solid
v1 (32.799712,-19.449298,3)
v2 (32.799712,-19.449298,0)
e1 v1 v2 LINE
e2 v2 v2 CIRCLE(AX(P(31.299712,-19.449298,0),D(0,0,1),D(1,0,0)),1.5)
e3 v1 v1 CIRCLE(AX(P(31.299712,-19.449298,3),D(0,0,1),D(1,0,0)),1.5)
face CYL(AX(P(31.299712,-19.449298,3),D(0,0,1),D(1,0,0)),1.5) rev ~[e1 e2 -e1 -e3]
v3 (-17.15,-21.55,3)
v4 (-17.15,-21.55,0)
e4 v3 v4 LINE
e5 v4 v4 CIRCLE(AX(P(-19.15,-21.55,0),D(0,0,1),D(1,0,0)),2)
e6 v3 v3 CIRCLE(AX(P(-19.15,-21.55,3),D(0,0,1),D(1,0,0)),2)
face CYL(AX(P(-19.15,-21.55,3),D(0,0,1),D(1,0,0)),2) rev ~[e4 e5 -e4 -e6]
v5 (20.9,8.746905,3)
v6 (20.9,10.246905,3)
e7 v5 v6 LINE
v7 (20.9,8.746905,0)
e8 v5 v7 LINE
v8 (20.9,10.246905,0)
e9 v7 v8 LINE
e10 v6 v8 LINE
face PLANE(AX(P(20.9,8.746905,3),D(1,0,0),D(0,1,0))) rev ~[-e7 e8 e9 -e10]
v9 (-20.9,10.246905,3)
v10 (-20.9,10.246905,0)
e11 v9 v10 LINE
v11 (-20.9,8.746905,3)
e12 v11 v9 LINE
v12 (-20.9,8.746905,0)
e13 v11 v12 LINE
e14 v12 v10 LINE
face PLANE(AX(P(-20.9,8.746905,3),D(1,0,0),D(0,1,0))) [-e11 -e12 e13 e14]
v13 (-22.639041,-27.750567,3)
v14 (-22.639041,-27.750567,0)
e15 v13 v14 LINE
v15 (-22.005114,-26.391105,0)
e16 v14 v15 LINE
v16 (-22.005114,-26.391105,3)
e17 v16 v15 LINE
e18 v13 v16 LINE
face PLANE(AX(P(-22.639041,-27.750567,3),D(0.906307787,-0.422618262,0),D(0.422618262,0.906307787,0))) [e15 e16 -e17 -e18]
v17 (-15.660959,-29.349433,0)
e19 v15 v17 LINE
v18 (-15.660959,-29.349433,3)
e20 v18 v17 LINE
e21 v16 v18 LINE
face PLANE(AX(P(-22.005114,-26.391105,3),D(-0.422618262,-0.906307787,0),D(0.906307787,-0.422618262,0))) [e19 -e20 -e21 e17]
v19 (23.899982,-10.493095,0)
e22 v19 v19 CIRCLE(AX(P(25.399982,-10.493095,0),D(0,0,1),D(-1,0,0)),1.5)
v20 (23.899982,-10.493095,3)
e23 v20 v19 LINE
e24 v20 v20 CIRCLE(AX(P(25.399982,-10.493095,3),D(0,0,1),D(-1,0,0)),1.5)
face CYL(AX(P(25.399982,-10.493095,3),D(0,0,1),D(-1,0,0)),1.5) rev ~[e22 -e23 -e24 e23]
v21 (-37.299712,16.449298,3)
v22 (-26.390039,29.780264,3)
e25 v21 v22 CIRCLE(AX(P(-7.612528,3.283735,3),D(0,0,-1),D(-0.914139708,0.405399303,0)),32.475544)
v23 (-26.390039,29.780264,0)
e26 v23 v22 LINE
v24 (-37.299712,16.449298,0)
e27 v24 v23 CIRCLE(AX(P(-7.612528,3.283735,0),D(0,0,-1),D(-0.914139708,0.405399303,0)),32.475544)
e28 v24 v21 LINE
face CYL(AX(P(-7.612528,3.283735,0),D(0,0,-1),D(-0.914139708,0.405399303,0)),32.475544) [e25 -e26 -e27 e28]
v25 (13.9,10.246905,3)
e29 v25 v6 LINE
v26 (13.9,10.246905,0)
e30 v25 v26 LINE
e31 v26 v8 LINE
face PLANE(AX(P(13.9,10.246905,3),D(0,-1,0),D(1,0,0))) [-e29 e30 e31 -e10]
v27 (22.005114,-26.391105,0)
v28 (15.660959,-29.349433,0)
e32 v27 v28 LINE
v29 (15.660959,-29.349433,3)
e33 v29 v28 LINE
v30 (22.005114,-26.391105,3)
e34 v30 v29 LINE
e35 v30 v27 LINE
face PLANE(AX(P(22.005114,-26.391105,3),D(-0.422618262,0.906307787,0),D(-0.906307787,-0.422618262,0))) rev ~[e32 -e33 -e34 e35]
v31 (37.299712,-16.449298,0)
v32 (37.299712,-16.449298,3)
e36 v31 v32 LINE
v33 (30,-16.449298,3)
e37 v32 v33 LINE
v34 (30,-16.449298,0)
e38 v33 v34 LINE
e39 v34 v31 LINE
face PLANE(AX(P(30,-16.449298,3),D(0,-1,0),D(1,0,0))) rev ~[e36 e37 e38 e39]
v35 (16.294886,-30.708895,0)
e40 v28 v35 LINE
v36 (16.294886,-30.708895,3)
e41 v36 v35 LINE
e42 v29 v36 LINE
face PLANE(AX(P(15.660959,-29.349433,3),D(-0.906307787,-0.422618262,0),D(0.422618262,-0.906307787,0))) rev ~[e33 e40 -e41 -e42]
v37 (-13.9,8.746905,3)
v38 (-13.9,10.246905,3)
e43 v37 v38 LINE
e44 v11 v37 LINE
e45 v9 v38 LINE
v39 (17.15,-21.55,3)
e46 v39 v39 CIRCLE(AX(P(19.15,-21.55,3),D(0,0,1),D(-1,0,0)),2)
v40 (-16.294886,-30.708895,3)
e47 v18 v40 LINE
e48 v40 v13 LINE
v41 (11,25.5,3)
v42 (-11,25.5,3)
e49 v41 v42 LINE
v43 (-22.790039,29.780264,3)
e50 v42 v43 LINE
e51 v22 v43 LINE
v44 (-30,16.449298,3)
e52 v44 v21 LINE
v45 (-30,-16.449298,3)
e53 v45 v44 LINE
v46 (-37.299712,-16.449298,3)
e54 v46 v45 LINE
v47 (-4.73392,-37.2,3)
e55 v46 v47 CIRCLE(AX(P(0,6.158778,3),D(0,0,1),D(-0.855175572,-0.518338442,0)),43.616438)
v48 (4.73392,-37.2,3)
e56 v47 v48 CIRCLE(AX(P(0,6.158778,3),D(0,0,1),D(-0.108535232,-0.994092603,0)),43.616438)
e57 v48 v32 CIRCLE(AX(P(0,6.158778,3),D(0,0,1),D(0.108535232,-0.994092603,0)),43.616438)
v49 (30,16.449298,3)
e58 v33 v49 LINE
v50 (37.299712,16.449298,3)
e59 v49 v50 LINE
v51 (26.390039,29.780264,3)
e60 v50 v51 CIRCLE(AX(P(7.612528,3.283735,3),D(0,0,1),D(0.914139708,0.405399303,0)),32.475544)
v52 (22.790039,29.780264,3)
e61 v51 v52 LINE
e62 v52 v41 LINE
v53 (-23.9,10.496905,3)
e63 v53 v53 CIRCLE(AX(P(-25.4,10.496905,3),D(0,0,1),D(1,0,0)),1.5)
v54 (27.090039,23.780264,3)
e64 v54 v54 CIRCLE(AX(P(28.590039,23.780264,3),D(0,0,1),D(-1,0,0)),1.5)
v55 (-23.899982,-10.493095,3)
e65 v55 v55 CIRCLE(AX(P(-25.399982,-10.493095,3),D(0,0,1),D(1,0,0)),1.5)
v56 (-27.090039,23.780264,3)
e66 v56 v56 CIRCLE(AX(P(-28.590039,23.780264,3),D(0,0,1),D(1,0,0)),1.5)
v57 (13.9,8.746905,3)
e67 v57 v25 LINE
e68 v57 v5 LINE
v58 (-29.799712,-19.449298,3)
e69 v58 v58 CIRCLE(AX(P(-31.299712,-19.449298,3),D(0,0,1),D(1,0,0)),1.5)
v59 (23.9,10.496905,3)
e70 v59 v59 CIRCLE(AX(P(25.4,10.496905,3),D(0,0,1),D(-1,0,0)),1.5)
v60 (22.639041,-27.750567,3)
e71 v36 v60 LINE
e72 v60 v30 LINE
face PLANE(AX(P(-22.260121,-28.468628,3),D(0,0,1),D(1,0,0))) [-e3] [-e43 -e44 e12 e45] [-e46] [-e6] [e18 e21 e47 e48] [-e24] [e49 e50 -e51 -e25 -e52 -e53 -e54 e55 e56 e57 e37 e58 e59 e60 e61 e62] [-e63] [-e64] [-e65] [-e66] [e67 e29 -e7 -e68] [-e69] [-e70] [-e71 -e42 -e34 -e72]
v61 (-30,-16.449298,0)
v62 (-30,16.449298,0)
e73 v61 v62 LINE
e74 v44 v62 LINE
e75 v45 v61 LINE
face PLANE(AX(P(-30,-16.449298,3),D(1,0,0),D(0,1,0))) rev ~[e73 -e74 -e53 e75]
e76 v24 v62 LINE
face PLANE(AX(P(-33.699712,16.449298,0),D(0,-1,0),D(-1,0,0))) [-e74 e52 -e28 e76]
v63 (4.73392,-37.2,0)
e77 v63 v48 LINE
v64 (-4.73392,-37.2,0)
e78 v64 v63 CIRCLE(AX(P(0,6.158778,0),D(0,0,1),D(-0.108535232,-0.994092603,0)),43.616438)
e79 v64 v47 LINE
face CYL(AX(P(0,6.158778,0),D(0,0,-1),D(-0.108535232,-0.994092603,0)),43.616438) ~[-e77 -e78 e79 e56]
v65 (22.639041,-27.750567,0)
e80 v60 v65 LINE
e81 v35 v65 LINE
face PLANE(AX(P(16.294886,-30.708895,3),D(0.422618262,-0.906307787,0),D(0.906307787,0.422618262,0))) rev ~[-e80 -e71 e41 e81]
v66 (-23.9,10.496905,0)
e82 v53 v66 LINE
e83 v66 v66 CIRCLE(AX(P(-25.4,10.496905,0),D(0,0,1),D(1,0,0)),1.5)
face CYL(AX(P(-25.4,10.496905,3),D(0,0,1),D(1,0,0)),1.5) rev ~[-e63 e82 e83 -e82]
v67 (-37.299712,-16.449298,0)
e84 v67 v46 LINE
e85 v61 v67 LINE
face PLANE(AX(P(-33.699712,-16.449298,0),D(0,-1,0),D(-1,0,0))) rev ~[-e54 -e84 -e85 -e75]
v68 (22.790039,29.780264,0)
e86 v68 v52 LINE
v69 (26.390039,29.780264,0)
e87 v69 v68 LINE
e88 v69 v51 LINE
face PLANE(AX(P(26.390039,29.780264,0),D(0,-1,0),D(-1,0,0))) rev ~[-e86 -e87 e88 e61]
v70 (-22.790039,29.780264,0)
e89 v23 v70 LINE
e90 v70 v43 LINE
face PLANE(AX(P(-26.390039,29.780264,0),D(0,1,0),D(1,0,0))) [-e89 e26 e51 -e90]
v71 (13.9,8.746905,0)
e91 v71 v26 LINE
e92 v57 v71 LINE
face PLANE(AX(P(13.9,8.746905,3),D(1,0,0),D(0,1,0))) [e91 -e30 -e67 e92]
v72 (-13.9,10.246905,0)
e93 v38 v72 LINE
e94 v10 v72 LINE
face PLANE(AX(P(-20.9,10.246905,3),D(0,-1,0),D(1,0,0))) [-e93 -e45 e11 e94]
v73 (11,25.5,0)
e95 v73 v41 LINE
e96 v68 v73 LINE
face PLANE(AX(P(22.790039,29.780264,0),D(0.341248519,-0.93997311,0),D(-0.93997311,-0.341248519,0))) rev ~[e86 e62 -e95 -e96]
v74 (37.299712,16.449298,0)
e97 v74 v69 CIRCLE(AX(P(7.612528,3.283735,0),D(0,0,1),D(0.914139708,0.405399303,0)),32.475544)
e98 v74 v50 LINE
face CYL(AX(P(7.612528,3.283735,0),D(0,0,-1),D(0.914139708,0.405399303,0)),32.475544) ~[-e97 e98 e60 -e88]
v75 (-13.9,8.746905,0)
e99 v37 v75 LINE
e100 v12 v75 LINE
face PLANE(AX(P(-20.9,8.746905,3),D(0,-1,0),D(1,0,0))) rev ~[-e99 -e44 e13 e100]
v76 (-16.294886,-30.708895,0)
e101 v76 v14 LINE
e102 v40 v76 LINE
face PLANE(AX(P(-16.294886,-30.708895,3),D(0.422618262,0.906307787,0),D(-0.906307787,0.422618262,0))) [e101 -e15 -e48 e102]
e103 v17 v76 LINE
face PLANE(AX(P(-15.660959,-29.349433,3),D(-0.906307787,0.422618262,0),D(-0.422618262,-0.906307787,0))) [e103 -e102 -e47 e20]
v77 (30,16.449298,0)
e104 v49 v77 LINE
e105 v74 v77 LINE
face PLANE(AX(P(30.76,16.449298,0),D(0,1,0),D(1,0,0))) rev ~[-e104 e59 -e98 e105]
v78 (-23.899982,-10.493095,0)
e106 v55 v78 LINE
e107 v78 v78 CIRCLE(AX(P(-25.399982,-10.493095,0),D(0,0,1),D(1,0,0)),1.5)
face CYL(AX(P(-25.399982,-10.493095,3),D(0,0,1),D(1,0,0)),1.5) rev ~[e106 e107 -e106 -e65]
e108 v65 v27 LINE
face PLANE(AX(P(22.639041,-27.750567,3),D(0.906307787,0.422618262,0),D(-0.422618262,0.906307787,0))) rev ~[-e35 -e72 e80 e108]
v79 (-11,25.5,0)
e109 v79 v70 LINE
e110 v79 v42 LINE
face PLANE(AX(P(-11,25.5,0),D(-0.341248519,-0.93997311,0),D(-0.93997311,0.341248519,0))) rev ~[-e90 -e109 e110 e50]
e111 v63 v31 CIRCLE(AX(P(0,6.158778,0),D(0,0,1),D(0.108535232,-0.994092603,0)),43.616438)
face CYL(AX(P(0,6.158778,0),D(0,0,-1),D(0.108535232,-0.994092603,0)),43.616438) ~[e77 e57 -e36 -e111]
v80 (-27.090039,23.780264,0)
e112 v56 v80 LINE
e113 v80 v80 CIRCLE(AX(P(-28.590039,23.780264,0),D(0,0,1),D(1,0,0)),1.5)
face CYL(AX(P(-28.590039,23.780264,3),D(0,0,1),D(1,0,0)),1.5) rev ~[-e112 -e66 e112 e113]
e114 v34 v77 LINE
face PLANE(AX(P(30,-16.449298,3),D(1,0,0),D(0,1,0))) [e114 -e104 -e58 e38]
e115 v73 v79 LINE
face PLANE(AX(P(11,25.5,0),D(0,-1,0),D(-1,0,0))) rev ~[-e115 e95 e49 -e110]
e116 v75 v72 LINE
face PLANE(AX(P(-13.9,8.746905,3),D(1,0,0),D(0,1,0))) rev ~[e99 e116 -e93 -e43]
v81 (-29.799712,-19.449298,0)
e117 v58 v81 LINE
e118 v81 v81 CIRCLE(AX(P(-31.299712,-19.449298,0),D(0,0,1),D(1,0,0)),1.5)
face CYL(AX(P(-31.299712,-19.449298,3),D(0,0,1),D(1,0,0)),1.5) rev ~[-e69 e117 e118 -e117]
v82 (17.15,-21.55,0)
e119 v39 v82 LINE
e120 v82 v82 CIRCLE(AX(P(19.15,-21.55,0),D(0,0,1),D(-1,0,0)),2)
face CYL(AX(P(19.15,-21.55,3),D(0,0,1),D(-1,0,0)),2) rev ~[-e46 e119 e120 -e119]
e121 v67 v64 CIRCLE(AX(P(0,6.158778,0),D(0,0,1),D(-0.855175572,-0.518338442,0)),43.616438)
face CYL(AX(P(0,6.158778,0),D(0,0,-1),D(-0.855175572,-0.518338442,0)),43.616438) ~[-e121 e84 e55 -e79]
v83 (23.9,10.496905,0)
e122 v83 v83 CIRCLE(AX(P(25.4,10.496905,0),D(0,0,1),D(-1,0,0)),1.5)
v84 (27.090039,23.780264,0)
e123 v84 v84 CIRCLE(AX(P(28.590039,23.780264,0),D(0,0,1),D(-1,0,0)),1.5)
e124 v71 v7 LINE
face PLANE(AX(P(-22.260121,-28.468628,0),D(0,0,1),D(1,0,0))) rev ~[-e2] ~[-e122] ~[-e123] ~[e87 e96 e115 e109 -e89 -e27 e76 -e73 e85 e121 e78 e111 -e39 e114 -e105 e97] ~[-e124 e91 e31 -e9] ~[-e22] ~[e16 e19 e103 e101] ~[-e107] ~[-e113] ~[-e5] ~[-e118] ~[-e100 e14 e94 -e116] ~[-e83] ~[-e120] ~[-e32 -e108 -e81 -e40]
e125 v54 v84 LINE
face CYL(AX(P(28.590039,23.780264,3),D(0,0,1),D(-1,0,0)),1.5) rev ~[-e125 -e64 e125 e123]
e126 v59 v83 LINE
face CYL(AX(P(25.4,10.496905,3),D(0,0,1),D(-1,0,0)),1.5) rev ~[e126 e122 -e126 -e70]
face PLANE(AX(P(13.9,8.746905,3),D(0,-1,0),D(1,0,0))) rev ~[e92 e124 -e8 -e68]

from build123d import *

# Parameters (mm, degrees)
BOSS_EXTRUDE1_DEPTH = 3
SKETCH2_R           = 1.5
CUT_EXTRUDE3_DEPTH  = 3
CUT_EXTRUDE4_START  = -10
CUT_EXTRUDE4_DEPTH  = 10
BOSS_EXTRUDE2_START = -3
BOSS_EXTRUDE2_DEPTH = 3
SKETCH5_W           = 0.56
SKETCH5_H           = 32.898596714
CUT_EXTRUDE5_DEPTH  = 3
SKETCH6_W           = 0.2
SKETCH6_H           = 32.898596714
CUT_EXTRUDE6_DEPTH  = 3
SKETCH7_R           = 2
CUT_EXTRUDE8_DEPTH  = 3
BOSS_EXTRUDE3_START = -3
BOSS_EXTRUDE3_DEPTH = 3
CUT_EXTRUDE9_START  = -3
CUT_EXTRUDE9_DEPTH  = 3
BOSS_EXTRUDE5_START = -3
BOSS_EXTRUDE5_DEPTH = 3
SKETCH11_R          = 1.5
CUT_EXTRUDE10_DEPTH = 3
CUT_EXTRUDE11_DEPTH = 3
SKETCH13_W          = 7
SKETCH13_H          = 1.5
CUT_EXTRUDE12_DEPTH = 3
SKETCH14_R          = 1.5
CUT_EXTRUDE13_DEPTH = 3


with BuildPart() as part:
    # Sketch1 → Boss-Extrude1 (new body)
    with BuildSketch(Plane.XY):
        with BuildLine():
            Line((-11, 25.5), (-22.790038711, 29.780264196))
            ThreePointArc((-22.790038711, 29.780264196), (0, -37.5), (22.790038711, 29.780264196))
            Line((22.790038711, 29.780264196), (11, 25.5))
            Line((11, 25.5), (-11, 25.5))
        make_face()
    extrude(amount=BOSS_EXTRUDE1_DEPTH)

    # Sketch2 → Cut-Extrude3 (cut)
    with BuildSketch(Plane.XY.offset(3)):
        with Locations((-25.400000001, 10.496905453)):
            Circle(SKETCH2_R)
        with Locations((-25.399981845, -10.493094547)):
            Circle(SKETCH2_R)
        with Locations(Location((25.399981845, -10.493094547, 0), (0, 0, 180))):
            Circle(SKETCH2_R)
        with Locations(Location((25.400000001, 10.496905453, 0), (0, 0, 180))):
            Circle(SKETCH2_R)
    extrude(amount=-CUT_EXTRUDE3_DEPTH, mode=Mode.SUBTRACT)

    # Sketch3 → Cut-Extrude4 (cut)
    with BuildSketch(Plane.XY.offset(3).offset(CUT_EXTRUDE4_START)):
        with BuildLine():
            Line((-30.76, 21.449298357), (-30.76, -21.449298357))
            ThreePointArc((-30.76, -21.449298357), (-37.5, 0), (-30.76, 21.449298357))
        make_face()
        with BuildLine():
            Line((30.76, 21.449298357), (30.76, -21.449298357))
            ThreePointArc((30.76, -21.449298357), (37.5, 0), (30.76, 21.449298357))
        make_face()
    extrude(amount=CUT_EXTRUDE4_DEPTH, mode=Mode.SUBTRACT)

    # Sketch4 → Boss-Extrude2 (add)
    with BuildSketch(Plane.XY.offset(3).offset(BOSS_EXTRUDE2_START)):
        with BuildLine():
            Line((-30.76, -21.449298357), (-30.76, -16.449298357))
            Line((-30.76, -16.449298357), (-33.699711921, -16.449298357))
            ThreePointArc((-33.699711921, -16.449298357), (-32.32667034, -19.006219634), (-30.76, -21.449298357))
        make_face()
        with BuildLine():
            Line((-33.699711921, 16.449298357), (-30.76, 16.449298357))
            Line((-30.76, 16.449298357), (-30.76, 21.449298357))
            ThreePointArc((-30.76, 21.449298357), (-32.32667034, 19.006219634), (-33.699711921, 16.449298357))
        make_face()
        with BuildLine():
            Line((30.76, 21.449298357), (30.76, 16.449298357))
            Line((30.76, 16.449298357), (33.699711921, 16.449298357))
            ThreePointArc((33.699711921, 16.449298357), (32.32667034, 19.006219634), (30.76, 21.449298357))
        make_face()
        with BuildLine():
            Line((30.76, -16.449298357), (30.76, -21.449298357))
            ThreePointArc((30.76, -21.449298357), (32.32667034, -19.006219634), (33.699711921, -16.449298357))
            Line((33.699711921, -16.449298357), (30.76, -16.449298357))
        make_face()
    extrude(amount=BOSS_EXTRUDE2_DEPTH)

    # Sketch5 → Cut-Extrude5 (cut)
    with BuildSketch(Plane.XY.offset(3)):
        with Locations((-30.48, 0)):
            Rectangle(SKETCH5_W, SKETCH5_H)
        with Locations((30.48, 0)):
            Rectangle(SKETCH5_W, SKETCH5_H)
    extrude(amount=-CUT_EXTRUDE5_DEPTH, mode=Mode.SUBTRACT)

    # Sketch6 → Cut-Extrude6 (cut)
    with BuildSketch(Plane.XY.offset(3)):
        with Locations((-30.1, 0)):
            Rectangle(SKETCH6_W, SKETCH6_H)
        with Locations((30.1, 0)):
            Rectangle(SKETCH6_W, SKETCH6_H)
    extrude(amount=-CUT_EXTRUDE6_DEPTH, mode=Mode.SUBTRACT)

    # Sketch7 → Cut-Extrude8 (cut)
    with BuildSketch(Plane.XY.offset(3)):
        with Locations((-19.15, -21.55)):
            Circle(SKETCH7_R)
        with Locations(Location((19.15, -21.55, 0), (0, 0, 180))):
            Circle(SKETCH7_R)
    extrude(amount=-CUT_EXTRUDE8_DEPTH, mode=Mode.SUBTRACT)

    # Sketch8 → Boss-Extrude3 (add)
    with BuildSketch(Plane.XY.offset(3).offset(BOSS_EXTRUDE3_START)):
        with BuildLine():
            Line((-33.699711921, 16.449298357), (-37.299711921, 16.449298357))
            ThreePointArc((-37.299711921, 16.449298357), (-32.744884003, 23.851322108), (-26.390038711, 29.780264196))
            Line((-26.390038711, 29.780264196), (-22.790038711, 29.780264196))
            ThreePointArc((-22.790038711, 29.780264196), (-29.020710607, 23.749702226), (-33.699711921, 16.449298357))
        make_face()
        with BuildLine():
            Line((33.699711921, 16.449298357), (37.299711921, 16.449298357))
            ThreePointArc((37.299711921, 16.449298357), (32.744884003, 23.851322108), (26.390038711, 29.780264196))
            Line((26.390038711, 29.780264196), (22.790038711, 29.780264196))
            ThreePointArc((22.790038711, 29.780264196), (29.020710607, 23.749702226), (33.699711921, 16.449298357))
        make_face()
    extrude(amount=BOSS_EXTRUDE3_DEPTH)

    # Sketch9 → Cut-Extrude9 (cut)
    with BuildSketch(Plane.XY.offset(3).offset(CUT_EXTRUDE9_START)):
        with BuildLine():
            Line((4.733920151, -37.2), (-4.733920151, -37.2))
            ThreePointArc((-4.733920151, -37.2), (0, -37.5), (4.733920151, -37.2))
        make_face()
    extrude(amount=CUT_EXTRUDE9_DEPTH, mode=Mode.SUBTRACT)

    # Sketch10 → Boss-Extrude5 (add)
    with BuildSketch(Plane.XY.offset(3).offset(BOSS_EXTRUDE5_START)):
        with BuildLine():
            ThreePointArc((-4.733920151, -37.2), (-21.838816892, -30.484685938), (-33.699711921, -16.449298357))
            Line((-33.699711921, -16.449298357), (-37.299711921, -16.449298357))
            ThreePointArc((-37.299711921, -16.449298357), (-23.43831182, -30.624902723), (-4.733920151, -37.2))
        make_face()
        with BuildLine():
            ThreePointArc((33.699711921, -16.449298357), (21.838816892, -30.484685938), (4.733920151, -37.2))
            ThreePointArc((4.733920151, -37.2), (23.43831182, -30.624902723), (37.299711921, -16.449298357))
            Line((37.299711921, -16.449298357), (33.699711921, -16.449298357))
        make_face()
        with BuildLine():
            Line((4.733920151, -37.2), (-4.733920151, -37.2))
            ThreePointArc((-4.733920151, -37.2), (0, -37.457659609), (4.733920151, -37.2))
        make_face()
    extrude(amount=BOSS_EXTRUDE5_DEPTH)

    # Sketch11 → Cut-Extrude10 (cut)
    with BuildSketch(Plane.XY.offset(3)):
        with Locations((-28.590038711, 23.780264196)):
            Circle(SKETCH11_R)
        with Locations(Location((28.590038711, 23.780264196, 0), (0, 0, 180))):
            Circle(SKETCH11_R)
    extrude(amount=-CUT_EXTRUDE10_DEPTH, mode=Mode.SUBTRACT)

    # Sketch12 → Cut-Extrude11 (cut)
    with BuildSketch(Plane.XY.offset(3)):
        Polygon((-22.005113558, -26.391105244), (-15.660959049, -29.349433076), (-16.294886442, -30.708894756), (-22.639040951, -27.750566924), align=None)
        Polygon((22.005113558, -26.391105244), (15.660959049, -29.349433076), (16.294886442, -30.708894756), (22.639040951, -27.750566924), align=None)
    extrude(amount=-CUT_EXTRUDE11_DEPTH, mode=Mode.SUBTRACT)

    # Sketch13 → Cut-Extrude12 (cut)
    with BuildSketch(Plane.XY.offset(3)):
        with Locations((-17.400000001, 9.496905453)):
            Rectangle(SKETCH13_W, SKETCH13_H)
        with Locations((17.400000001, 9.496905453)):
            Rectangle(SKETCH13_W, SKETCH13_H)
    extrude(amount=-CUT_EXTRUDE12_DEPTH, mode=Mode.SUBTRACT)

    # Sketch14 → Cut-Extrude13 (cut)
    with BuildSketch(Plane.XY.offset(3)):
        with Locations((-31.299711921, -19.449298357)):
            Circle(SKETCH14_R)
        with Locations((31.299711921, -19.449298357)):
            Circle(SKETCH14_R)
    extrude(amount=-CUT_EXTRUDE13_DEPTH, mode=Mode.SUBTRACT)


solid = part.part
